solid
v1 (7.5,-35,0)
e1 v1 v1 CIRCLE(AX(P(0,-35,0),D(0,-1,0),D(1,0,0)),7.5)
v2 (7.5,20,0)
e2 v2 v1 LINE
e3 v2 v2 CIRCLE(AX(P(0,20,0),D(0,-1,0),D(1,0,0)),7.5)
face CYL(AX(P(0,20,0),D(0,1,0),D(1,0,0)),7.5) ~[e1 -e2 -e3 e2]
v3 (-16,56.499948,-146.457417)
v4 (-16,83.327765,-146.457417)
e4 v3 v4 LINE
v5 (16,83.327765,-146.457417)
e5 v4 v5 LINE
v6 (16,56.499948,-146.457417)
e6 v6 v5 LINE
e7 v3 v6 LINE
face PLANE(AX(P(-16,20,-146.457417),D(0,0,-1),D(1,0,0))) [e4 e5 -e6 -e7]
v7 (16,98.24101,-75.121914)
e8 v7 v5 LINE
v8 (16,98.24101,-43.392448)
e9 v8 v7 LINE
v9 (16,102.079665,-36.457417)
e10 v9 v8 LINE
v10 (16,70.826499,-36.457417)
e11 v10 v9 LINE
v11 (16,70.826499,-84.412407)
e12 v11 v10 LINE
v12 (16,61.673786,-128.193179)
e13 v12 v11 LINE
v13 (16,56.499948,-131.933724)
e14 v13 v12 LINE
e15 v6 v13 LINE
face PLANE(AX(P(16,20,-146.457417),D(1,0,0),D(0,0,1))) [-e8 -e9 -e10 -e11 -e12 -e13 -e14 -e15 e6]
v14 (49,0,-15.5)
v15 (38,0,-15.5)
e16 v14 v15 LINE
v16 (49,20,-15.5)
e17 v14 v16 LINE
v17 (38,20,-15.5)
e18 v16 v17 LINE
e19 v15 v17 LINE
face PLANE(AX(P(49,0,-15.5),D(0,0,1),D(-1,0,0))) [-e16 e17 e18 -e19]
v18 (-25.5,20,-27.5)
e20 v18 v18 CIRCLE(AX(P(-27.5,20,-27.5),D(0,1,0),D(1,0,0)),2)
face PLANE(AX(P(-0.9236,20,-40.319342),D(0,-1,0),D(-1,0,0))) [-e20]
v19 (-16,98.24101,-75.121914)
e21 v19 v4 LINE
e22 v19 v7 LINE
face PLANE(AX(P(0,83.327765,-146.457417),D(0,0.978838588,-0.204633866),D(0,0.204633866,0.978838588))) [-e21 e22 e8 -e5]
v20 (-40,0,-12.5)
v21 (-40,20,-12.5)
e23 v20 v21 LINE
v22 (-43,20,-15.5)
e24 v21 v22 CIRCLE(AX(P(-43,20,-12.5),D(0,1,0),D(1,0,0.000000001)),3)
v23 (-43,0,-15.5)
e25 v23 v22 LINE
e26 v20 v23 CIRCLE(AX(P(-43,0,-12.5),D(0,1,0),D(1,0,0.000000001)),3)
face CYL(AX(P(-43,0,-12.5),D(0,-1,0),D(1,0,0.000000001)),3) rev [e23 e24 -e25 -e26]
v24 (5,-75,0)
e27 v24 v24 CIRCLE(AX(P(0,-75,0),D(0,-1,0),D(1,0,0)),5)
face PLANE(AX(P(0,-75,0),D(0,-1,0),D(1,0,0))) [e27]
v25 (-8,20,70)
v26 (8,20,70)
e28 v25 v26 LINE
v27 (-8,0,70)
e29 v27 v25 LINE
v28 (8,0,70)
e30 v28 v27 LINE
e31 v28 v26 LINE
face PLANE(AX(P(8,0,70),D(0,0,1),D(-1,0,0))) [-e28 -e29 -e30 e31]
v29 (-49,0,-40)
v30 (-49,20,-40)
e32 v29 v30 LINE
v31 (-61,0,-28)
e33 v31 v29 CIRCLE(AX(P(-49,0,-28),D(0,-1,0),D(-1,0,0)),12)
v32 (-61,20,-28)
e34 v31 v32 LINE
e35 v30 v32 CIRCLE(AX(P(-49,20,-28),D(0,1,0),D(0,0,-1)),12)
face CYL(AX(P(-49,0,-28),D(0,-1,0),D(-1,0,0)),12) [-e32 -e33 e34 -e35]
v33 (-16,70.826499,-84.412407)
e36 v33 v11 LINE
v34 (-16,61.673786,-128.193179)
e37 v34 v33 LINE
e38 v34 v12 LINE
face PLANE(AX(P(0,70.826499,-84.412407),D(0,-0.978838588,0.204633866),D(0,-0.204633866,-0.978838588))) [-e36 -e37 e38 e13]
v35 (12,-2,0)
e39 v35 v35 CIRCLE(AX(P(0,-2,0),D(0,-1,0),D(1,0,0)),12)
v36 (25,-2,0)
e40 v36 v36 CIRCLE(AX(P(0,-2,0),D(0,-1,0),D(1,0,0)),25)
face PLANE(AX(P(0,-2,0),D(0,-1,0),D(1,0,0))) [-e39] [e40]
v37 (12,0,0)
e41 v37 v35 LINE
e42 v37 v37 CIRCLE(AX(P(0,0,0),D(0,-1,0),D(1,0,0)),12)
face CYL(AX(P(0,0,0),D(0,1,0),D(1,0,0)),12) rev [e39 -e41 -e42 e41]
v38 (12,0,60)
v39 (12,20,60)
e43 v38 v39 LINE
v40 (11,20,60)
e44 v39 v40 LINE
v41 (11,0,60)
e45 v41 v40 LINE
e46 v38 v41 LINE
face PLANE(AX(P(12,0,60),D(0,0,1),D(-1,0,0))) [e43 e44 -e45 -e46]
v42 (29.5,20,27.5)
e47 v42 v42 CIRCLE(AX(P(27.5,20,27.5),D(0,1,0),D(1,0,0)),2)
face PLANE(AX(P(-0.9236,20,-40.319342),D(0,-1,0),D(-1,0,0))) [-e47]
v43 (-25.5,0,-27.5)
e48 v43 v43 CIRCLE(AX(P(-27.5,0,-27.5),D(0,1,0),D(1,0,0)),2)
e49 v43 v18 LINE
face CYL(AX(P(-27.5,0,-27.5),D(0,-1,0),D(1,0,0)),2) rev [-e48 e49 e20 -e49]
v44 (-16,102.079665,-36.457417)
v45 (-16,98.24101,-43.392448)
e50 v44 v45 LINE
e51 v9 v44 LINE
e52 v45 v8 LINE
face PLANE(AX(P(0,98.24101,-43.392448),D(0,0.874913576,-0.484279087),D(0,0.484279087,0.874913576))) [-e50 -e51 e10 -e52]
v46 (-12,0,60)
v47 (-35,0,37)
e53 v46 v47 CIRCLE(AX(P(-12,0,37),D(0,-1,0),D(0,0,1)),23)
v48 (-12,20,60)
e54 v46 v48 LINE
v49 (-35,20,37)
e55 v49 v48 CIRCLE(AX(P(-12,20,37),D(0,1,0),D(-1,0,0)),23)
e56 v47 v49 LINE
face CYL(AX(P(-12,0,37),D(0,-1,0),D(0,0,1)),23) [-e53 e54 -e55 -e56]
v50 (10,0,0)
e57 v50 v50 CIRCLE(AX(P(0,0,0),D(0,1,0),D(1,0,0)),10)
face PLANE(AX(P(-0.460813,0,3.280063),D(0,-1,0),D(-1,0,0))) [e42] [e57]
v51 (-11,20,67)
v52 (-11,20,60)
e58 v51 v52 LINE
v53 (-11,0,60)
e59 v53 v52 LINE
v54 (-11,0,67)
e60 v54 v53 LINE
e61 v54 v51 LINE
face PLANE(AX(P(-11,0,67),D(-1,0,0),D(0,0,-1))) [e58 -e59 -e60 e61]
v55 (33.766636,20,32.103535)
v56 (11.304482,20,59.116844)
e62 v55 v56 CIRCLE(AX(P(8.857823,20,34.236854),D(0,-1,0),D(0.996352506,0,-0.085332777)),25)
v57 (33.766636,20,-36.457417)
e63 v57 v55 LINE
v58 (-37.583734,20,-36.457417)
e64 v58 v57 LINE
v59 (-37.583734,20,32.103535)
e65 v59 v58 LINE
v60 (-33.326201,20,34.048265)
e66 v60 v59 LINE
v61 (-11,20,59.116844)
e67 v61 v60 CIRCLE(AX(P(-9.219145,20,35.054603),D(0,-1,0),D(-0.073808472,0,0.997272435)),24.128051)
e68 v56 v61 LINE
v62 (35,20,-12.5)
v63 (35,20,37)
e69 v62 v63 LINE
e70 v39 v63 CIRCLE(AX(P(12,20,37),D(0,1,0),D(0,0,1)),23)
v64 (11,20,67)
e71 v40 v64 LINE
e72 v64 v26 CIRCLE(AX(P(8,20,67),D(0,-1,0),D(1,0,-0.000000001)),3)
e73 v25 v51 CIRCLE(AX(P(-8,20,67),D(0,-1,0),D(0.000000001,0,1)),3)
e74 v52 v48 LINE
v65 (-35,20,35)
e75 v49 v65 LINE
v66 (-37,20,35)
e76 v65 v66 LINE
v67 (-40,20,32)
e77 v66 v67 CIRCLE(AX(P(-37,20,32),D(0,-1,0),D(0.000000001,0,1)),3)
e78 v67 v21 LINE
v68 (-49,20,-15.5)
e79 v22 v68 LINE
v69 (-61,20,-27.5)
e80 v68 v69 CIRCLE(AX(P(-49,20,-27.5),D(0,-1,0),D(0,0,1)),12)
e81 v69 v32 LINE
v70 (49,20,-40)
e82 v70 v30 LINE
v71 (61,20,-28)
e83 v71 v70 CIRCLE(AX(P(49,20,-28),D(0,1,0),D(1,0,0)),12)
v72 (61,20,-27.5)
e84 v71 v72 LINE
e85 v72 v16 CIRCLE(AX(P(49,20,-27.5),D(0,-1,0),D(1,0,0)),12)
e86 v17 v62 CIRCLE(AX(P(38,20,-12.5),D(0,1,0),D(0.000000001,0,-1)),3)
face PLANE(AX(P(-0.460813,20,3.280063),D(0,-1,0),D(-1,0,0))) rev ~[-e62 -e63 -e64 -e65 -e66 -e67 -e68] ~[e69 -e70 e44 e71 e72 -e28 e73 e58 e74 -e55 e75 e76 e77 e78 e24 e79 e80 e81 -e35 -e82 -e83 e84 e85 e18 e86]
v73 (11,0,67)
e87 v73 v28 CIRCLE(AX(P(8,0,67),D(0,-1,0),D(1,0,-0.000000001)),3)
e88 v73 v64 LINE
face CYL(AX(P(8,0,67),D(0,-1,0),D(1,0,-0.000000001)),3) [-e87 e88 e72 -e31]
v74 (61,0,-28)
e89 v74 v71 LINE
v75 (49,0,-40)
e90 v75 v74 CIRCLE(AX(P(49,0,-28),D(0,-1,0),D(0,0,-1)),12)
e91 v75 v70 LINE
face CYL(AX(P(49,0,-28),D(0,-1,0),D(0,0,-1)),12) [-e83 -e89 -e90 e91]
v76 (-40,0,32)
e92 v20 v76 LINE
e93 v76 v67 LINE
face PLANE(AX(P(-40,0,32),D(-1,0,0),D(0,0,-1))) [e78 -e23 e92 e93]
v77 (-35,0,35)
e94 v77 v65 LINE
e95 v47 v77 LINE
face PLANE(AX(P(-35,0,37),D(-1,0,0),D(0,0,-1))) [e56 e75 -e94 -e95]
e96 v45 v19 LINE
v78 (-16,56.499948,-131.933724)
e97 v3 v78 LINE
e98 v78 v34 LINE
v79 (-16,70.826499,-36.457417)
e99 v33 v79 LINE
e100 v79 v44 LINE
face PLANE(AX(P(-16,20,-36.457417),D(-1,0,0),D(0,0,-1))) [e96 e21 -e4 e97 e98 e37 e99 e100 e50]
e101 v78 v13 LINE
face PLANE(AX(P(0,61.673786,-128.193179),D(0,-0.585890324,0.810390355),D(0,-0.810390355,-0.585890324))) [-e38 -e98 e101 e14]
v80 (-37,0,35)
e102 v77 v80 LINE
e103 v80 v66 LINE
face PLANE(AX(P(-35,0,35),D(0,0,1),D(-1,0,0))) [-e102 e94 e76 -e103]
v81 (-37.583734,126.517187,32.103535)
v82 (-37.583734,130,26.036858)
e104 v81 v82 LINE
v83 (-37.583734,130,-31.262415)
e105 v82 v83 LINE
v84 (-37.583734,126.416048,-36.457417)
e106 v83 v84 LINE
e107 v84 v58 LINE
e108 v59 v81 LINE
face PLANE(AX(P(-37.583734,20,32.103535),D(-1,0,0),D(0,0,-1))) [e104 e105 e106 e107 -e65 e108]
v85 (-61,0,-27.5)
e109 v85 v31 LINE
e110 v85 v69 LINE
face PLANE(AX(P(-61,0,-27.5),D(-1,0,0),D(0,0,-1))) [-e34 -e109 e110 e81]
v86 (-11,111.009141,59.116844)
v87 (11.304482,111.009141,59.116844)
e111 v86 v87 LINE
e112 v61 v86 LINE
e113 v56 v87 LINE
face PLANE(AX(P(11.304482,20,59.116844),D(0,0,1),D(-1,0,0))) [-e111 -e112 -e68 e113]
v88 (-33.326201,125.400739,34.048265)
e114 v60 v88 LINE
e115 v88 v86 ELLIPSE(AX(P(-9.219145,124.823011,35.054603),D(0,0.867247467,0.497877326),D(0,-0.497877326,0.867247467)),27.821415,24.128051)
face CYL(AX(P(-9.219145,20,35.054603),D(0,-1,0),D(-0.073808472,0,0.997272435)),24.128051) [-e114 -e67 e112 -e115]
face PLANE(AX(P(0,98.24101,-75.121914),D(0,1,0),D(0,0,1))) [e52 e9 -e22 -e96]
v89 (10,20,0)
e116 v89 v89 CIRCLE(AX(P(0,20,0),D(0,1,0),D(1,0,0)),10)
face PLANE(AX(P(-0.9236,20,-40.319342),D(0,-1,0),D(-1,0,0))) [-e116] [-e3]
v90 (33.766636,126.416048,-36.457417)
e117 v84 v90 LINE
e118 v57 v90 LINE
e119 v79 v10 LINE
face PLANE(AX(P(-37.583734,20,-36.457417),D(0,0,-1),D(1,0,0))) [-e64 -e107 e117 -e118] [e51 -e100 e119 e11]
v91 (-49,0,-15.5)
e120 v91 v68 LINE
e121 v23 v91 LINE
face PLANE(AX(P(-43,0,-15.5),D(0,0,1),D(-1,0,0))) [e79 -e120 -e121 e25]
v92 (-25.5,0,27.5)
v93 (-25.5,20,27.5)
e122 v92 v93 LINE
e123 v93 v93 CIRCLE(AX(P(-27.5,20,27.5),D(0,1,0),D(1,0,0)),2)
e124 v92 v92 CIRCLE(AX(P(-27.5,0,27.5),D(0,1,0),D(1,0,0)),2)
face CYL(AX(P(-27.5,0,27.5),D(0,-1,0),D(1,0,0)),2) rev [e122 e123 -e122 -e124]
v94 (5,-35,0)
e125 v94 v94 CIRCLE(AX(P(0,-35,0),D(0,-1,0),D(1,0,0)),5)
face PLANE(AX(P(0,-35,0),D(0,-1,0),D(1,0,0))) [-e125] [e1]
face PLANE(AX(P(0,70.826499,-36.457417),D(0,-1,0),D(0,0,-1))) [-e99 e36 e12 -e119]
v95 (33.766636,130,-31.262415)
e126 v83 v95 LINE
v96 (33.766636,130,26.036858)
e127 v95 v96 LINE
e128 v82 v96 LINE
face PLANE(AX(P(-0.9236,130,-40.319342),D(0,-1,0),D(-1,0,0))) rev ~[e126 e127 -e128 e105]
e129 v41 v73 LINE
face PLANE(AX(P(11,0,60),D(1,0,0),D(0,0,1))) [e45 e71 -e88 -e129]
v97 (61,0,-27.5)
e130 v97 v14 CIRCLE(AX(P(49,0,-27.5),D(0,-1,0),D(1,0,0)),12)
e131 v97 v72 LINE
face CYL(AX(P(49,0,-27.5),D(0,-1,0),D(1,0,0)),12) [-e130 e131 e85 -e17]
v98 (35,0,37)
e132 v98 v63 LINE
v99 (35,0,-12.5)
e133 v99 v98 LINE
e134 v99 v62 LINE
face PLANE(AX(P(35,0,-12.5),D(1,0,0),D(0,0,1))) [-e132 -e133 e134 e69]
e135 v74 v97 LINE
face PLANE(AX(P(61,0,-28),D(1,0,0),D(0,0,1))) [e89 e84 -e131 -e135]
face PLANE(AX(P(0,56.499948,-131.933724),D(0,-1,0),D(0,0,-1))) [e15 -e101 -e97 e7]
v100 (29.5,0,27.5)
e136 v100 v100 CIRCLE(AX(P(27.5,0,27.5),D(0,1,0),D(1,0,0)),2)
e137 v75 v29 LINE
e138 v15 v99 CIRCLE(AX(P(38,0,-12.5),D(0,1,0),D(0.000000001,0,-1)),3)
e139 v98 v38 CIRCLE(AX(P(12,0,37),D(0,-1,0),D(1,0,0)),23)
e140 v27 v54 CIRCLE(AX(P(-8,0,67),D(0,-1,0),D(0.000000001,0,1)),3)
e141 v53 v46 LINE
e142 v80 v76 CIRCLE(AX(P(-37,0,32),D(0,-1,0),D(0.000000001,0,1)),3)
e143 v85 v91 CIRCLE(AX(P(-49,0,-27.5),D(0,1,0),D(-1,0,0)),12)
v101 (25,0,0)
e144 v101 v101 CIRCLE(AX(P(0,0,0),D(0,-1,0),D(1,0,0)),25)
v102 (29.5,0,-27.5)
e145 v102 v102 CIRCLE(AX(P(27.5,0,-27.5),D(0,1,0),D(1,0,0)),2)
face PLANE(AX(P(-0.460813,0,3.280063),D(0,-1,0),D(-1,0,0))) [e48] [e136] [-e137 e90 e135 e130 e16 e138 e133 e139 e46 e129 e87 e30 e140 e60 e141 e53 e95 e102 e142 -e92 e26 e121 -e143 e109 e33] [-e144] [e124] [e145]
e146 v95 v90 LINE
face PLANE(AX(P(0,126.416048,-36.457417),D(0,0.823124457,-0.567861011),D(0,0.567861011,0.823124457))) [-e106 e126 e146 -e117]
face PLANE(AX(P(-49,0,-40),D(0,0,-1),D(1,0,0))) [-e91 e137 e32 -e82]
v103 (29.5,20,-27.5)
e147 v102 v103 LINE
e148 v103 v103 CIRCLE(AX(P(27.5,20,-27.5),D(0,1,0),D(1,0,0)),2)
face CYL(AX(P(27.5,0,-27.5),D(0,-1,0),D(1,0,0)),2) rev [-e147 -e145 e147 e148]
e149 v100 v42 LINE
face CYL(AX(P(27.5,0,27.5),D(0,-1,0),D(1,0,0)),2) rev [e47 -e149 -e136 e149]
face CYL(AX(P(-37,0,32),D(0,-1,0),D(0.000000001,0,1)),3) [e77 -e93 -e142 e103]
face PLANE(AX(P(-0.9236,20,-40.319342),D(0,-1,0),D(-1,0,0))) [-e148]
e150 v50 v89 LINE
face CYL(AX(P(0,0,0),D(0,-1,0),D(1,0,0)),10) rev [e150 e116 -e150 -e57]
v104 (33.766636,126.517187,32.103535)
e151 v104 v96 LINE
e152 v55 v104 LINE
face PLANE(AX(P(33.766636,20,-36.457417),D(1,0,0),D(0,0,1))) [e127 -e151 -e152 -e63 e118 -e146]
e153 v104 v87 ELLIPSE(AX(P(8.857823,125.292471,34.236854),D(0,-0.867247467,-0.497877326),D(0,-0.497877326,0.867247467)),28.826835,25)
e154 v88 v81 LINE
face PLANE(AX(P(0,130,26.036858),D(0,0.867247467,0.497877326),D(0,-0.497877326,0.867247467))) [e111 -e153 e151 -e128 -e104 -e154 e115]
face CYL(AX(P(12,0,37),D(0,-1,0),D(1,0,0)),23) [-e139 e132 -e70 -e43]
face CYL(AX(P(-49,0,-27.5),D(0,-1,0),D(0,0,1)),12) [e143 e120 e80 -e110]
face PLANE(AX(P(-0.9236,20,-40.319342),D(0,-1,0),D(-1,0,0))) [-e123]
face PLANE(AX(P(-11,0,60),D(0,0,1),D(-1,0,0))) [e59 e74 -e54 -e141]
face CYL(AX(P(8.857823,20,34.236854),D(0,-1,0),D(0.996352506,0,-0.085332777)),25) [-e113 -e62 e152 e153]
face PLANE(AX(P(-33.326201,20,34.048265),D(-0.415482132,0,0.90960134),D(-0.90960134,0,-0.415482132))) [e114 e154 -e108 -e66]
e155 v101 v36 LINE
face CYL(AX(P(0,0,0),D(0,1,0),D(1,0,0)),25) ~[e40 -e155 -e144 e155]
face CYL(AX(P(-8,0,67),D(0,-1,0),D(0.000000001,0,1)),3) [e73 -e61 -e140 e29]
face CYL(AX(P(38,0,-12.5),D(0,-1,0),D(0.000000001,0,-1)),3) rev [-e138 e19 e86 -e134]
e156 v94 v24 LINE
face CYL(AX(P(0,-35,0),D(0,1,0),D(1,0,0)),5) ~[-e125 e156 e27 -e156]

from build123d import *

# Parameters (mm, degrees)
SKETCH_1_R               = 2
SKETCH_1_R_2             = 10
EXTRUDE_1_DEPTH          = 20
SKETCH_2_R               = 25
SKETCH_2_R_2             = 12
EXTRUDE_2_DEPTH          = 2
EXTRUDE_3_DEPTH          = 110
SKETCH_4_OUTSIDE_W       = 274.729
SKETCH_4_OUTSIDE_H       = 190.272
CUT_EXTRUDE_5_DEPTH      = 62
CUT_EXTRUDE_5_DEPTH_BACK = 62
SKETCH_5_R               = 7.5
EXTRUDE_4_DEPTH          = 55
SKETCH_6_R               = 5
EXTRUDE_5_DEPTH          = 40


with BuildPart() as part:
    # Эскиз1 → Бобышка-Вытянуть1 (new body)
    with BuildSketch(Plane(origin=(0, 0, 0), x_dir=(1, 0, 0), z_dir=(0, 1, 0))):
        with BuildLine():
            Line((35, 12.5), (35, -37))
            ThreePointArc((35, -37), (28.263455967, -53.263455967), (12, -60))
            Line((12, -60), (11, -60))
            Line((11, -60), (11, -67))
            ThreePointArc((11, -67), (10.121320344, -69.121320344), (8, -70))
            Line((8, -70), (-8, -70))
            ThreePointArc((-8, -70), (-10.121320344, -69.121320344), (-11, -67))
            Line((-11, -67), (-11, -60))
            Line((-11, -60), (-12, -60))
            ThreePointArc((-12, -60), (-28.263455967, -53.263455967), (-35, -37))
            Line((-35, -37), (-35, -35))
            Line((-35, -35), (-37, -35))
            ThreePointArc((-37, -35), (-39.121320344, -34.121320344), (-40, -32))
            Line((-40, -32), (-40, 12.5))
            ThreePointArc((-40, 12.5), (-40.878679656, 14.621320344), (-43, 15.5))
            Line((-43, 15.5), (-49, 15.5))
            ThreePointArc((-49, 15.5), (-57.485281374, 19.014718626), (-61, 27.5))
            Line((-61, 27.5), (-61, 28))
            ThreePointArc((-61, 28), (-57.485281374, 36.485281374), (-49, 40))
            Line((-49, 40), (49, 40))
            ThreePointArc((49, 40), (57.485281374, 36.485281374), (61, 28))
            Line((61, 28), (61, 27.5))
            ThreePointArc((61, 27.5), (57.485281374, 19.014718626), (49, 15.5))
            Line((49, 15.5), (38, 15.5))
            ThreePointArc((38, 15.5), (35.878679656, 14.621320344), (35, 12.5))
        make_face()
        with Locations((27.5, 27.5)):
            Circle(SKETCH_1_R, mode=Mode.SUBTRACT)
        with Locations((-27.5, 27.5)):
            Circle(SKETCH_1_R, mode=Mode.SUBTRACT)
        with Locations((-27.5, -27.5)):
            Circle(SKETCH_1_R, mode=Mode.SUBTRACT)
        with Locations((27.5, -27.5)):
            Circle(SKETCH_1_R, mode=Mode.SUBTRACT)
        Circle(SKETCH_1_R_2, mode=Mode.SUBTRACT)
    extrude(amount=EXTRUDE_1_DEPTH)

    # Эскиз2 → Бобышка-Вытянуть2 (add)
    with BuildSketch(Plane.XZ):
        Circle(SKETCH_2_R)
        Circle(SKETCH_2_R_2, mode=Mode.SUBTRACT)
    extrude(amount=EXTRUDE_2_DEPTH)

    # Эскиз3 → Бобышка-Вытянуть3 (add)
    with BuildSketch(Plane(origin=(0, 20, 0), x_dir=(1, 0, 0), z_dir=(0, 1, 0))):
        with BuildLine():
            Line((-37.583733624, -32.103535028), (-37.583733624, 36.457416544))
            Line((-37.583733624, 36.457416544), (-16, 36.457416544))
            Line((-16, 36.457416544), (-16, 146.457416544))
            Line((-16, 146.457416544), (16, 146.457416544))
            Line((16, 146.457416544), (16, 36.457416544))
            Line((16, 36.457416544), (33.766635678, 36.457416544))
            Line((33.766635678, 36.457416544), (33.766635678, -32.103535028))
            ThreePointArc((33.766635678, -32.103535028), (28.080470389, -50.220903637), (11.304482379, -59.11684357))
            Line((11.304482379, -59.11684357), (-11, -59.11684357))
            ThreePointArc((-11, -59.11684357), (-27.23731375, -51.101673534), (-33.326201299, -34.048264581))
            Line((-33.326201299, -34.048264581), (-37.583733624, -32.103535028))
        make_face()
    extrude(amount=EXTRUDE_3_DEPTH)

    # Эскиз4 outside → Вырез-Вытянуть5 (cut, two sides)
    with BuildSketch(Plane(origin=(0, 0, 0), x_dir=(0, 0, -1), z_dir=(1, 0, 0))) as cut_extrude_5_sk:
        with Locations((38.2285, 64)):
            Rectangle(SKETCH_4_OUTSIDE_W, SKETCH_4_OUTSIDE_H)
        Polygon((-59.11684357, 111.009140669), (-59.11684357, 20), (-70, 20), (-70, 0), (-25.61704501, 0), (-25.61704501, -2.465693048), (25.5, -2.465693048), (25.5, 0), (40, 0), (40, 20), (36.457416544, 20), (36.457416544, 70.826498743), (84.412407161, 70.826498743), (128.193178806, 61.67378586), (131.933723793, 56.499947934), (146.457416544, 56.499947934), (146.457416544, 83.32776512), (75.121913518, 98.241010205), (43.39244845, 98.241010205), (36.457416544, 102.079664685), (36.457416544, 126.416047598), (31.26241492, 130), (-26.036858243, 130), align=None, mode=Mode.SUBTRACT)
    extrude(amount=CUT_EXTRUDE_5_DEPTH, mode=Mode.SUBTRACT)
    extrude(cut_extrude_5_sk.sketch, amount=-CUT_EXTRUDE_5_DEPTH_BACK, mode=Mode.SUBTRACT)

    # Эскиз5 → Бобышка-Вытянуть4 (add)
    with BuildSketch(Plane.XZ.offset(-20)):
        Circle(SKETCH_5_R)
    extrude(amount=EXTRUDE_4_DEPTH)

    # Эскиз6 → Бобышка-Вытянуть5 (add)
    with BuildSketch(Plane.XZ.offset(35)):
        Circle(SKETCH_6_R)
    extrude(amount=EXTRUDE_5_DEPTH)


solid = part.part
